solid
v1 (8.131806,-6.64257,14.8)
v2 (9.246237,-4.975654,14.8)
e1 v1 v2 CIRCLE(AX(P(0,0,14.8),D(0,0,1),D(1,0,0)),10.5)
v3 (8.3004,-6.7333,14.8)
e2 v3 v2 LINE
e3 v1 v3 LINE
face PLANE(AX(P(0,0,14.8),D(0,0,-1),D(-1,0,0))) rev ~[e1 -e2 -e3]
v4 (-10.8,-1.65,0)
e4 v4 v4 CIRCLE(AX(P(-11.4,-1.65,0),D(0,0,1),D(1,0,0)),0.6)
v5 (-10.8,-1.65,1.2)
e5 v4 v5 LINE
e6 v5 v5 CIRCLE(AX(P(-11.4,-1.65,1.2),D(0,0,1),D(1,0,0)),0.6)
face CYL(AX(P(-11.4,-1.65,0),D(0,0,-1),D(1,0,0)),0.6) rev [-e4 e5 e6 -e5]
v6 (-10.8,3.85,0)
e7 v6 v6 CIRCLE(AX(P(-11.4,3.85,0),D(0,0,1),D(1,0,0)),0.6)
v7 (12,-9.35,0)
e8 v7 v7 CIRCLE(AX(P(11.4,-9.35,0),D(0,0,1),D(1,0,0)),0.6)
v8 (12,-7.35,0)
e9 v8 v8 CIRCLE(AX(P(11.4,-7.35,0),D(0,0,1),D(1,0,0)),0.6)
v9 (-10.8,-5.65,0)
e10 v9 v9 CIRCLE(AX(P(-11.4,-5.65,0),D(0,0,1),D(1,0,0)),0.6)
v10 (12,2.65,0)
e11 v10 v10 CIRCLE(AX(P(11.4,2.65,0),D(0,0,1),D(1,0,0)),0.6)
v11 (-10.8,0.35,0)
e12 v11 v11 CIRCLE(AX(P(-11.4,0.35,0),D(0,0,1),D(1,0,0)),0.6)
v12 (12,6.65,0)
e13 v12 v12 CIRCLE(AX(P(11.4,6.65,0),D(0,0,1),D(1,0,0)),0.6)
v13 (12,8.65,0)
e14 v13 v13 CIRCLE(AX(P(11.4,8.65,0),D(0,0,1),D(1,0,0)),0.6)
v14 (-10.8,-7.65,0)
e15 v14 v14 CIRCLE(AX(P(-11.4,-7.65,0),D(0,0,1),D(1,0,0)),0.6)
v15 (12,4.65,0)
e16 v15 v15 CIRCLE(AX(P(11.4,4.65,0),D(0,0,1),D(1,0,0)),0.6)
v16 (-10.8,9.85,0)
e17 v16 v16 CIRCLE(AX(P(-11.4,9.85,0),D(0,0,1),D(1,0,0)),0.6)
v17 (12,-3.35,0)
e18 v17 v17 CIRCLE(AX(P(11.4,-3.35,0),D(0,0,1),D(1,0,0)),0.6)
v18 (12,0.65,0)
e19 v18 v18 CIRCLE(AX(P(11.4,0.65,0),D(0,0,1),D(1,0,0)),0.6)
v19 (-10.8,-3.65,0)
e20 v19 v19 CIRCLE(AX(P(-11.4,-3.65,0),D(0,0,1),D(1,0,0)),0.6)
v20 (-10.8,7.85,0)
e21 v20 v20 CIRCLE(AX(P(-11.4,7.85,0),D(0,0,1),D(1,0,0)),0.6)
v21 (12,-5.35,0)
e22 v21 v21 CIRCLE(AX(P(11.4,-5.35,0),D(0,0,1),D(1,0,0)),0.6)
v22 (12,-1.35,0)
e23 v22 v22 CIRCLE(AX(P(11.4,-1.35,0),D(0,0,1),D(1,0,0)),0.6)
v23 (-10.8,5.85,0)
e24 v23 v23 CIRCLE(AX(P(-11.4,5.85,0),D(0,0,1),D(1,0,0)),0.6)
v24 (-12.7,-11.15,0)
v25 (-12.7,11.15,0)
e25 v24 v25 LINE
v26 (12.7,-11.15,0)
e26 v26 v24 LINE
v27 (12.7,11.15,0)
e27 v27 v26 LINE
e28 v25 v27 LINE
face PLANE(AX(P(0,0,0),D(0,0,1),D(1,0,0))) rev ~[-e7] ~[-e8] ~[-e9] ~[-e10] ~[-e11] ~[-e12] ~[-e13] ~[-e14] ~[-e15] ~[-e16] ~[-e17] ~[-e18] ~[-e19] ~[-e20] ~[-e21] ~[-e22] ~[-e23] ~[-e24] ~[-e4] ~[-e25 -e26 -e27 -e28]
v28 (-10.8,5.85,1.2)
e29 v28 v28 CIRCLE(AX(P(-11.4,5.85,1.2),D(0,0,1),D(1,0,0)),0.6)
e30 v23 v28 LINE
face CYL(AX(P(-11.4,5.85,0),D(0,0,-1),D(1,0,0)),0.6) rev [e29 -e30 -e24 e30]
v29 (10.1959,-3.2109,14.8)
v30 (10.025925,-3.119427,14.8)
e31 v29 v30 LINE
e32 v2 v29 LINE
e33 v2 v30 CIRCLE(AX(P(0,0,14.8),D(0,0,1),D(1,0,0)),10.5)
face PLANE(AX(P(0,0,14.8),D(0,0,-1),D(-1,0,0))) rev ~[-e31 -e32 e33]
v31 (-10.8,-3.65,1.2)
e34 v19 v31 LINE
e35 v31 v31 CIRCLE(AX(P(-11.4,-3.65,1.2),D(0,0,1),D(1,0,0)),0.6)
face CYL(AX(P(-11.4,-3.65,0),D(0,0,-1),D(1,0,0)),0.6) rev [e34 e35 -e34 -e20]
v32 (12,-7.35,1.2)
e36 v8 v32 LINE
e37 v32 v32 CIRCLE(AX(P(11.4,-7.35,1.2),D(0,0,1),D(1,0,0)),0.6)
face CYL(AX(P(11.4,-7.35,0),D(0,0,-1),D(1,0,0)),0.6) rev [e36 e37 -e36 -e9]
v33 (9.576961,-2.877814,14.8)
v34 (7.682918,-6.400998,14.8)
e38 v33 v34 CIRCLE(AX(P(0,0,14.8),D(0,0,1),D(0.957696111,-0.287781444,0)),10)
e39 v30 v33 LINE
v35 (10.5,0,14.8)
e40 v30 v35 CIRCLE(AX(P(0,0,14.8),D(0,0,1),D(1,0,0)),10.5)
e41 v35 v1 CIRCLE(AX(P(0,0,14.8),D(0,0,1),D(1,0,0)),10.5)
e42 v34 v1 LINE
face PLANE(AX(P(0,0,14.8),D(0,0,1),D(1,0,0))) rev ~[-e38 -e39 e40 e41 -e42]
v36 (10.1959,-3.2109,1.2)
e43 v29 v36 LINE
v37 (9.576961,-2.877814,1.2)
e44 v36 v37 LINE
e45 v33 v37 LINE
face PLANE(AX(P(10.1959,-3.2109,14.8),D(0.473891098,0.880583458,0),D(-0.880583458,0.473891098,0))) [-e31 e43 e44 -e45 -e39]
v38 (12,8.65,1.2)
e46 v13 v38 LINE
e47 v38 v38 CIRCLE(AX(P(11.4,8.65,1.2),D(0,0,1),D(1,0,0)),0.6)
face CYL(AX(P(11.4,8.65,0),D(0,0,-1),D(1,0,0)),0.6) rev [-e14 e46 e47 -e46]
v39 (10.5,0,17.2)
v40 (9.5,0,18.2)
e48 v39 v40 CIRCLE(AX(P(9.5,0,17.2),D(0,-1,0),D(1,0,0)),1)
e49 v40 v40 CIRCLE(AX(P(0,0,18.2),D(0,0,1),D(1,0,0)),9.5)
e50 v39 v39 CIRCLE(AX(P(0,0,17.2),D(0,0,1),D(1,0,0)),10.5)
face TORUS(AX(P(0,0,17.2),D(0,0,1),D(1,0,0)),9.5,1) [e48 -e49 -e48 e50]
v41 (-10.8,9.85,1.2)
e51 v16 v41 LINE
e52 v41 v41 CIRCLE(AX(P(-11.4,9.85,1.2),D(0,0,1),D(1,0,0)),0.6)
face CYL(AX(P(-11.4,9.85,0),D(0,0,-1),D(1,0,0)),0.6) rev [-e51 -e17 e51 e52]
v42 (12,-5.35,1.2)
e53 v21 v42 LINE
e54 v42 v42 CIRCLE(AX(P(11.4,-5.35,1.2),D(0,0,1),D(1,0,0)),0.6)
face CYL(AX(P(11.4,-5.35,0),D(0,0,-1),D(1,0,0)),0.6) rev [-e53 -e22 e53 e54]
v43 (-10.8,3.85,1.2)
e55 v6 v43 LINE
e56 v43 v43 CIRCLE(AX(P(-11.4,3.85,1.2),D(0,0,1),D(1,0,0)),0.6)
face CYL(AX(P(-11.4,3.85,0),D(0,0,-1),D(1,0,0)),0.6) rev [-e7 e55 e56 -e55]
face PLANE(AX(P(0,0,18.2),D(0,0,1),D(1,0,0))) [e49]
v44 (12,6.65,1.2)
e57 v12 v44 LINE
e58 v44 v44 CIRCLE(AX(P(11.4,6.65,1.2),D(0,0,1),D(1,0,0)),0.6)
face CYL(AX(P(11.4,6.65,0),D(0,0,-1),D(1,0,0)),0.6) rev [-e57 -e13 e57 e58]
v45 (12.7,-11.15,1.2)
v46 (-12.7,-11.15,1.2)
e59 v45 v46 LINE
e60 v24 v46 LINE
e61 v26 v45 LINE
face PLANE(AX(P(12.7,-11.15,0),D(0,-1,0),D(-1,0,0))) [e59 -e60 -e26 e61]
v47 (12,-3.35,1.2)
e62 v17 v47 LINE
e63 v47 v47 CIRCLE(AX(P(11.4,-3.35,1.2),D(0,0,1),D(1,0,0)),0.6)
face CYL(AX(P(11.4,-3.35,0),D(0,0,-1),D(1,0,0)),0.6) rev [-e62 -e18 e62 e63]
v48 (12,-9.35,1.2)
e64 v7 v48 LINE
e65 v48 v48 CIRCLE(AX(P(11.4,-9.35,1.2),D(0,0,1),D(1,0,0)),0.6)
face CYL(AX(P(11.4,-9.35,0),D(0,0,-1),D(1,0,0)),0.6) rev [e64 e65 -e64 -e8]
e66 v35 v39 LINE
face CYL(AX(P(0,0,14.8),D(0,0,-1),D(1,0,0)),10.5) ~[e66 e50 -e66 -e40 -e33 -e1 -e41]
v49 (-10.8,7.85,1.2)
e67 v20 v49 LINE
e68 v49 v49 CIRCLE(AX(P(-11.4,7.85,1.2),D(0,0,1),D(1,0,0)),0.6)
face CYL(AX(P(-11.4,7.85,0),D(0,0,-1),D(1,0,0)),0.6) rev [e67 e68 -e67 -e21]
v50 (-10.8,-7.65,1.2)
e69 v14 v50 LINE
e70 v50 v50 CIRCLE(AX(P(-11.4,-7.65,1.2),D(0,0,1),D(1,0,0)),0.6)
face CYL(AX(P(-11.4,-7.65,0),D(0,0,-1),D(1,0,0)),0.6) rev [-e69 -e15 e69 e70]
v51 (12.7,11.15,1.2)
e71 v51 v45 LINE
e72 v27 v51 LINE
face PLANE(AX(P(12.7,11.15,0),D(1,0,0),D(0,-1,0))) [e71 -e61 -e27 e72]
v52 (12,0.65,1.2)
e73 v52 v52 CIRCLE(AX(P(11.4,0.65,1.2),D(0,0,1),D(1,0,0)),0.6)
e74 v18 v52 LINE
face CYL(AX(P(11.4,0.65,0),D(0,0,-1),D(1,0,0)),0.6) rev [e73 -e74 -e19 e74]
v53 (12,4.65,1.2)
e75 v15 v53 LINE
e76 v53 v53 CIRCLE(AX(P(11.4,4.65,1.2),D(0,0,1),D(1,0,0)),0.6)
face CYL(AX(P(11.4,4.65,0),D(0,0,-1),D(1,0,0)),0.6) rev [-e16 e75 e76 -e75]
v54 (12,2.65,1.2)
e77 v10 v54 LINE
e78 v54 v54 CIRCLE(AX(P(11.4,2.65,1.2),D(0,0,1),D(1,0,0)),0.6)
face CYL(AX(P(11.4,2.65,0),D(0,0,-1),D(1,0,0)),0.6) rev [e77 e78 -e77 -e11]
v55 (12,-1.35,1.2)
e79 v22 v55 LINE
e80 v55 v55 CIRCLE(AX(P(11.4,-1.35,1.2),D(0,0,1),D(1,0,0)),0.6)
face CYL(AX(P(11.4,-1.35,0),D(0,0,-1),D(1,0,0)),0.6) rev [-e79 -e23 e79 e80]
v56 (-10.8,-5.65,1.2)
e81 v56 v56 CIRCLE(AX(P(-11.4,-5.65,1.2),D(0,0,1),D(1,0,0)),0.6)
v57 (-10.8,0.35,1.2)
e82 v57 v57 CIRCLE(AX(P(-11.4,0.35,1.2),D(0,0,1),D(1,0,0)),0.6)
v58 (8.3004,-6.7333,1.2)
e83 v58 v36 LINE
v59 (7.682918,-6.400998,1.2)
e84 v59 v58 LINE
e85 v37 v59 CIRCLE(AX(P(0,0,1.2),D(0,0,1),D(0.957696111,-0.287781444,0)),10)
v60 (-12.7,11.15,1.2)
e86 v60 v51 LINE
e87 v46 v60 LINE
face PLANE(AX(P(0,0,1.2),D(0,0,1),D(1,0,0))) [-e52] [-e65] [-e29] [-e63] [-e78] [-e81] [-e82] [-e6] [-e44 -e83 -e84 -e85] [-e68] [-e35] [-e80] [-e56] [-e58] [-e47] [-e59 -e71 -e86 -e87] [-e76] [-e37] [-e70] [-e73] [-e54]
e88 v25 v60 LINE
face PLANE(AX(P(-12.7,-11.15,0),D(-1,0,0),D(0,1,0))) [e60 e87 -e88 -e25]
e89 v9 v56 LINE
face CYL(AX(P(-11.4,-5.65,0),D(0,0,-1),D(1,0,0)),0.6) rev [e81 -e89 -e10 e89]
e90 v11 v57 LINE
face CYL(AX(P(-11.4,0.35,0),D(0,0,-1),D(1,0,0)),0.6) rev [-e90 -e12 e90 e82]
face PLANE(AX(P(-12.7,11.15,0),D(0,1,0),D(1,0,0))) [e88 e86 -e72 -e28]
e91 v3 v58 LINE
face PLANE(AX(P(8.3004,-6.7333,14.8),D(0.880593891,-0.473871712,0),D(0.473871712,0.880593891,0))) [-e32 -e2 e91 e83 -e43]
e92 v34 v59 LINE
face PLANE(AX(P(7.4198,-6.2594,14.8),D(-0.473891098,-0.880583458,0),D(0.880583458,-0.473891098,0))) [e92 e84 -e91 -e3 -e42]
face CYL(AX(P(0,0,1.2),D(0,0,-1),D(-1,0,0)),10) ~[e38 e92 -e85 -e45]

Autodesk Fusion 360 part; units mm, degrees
sketch "Sketch1" plane through (0, 0, 0) normal (0, 0, 1) x (1, 0, 0)
  line L0 (-12.7, 11.15) -> (12.7, 11.15)
  line L1 (12.7, 11.15) -> (12.7, -11.15)
  line L2 (12.7, -11.15) -> (-12.7, -11.15)
  line L3 (-12.7, -11.15) -> (-12.7, 11.15)
  line L4 (0, 0) -> (0, 28.3109) construction
  line L5 (0, 0) -> (22.2982, 0) construction
  circle A0 centre (11.4, 8.65) radius 0.6
  circle A1 centre (11.4, 6.65) radius 0.6
  circle A2 centre (11.4, 4.65) radius 0.6
  circle A3 centre (11.4, 2.65) radius 0.6
  circle A4 centre (11.4, 0.65) radius 0.6
  circle A5 centre (11.4, -1.35) radius 0.6
  circle A6 centre (11.4, -3.35) radius 0.6
  circle A7 centre (11.4, -5.35) radius 0.6
  circle A8 centre (11.4, -7.35) radius 0.6
  circle A9 centre (11.4, -9.35) radius 0.6
  circle A10 centre (-11.4, 0.35) radius 0.6
  circle A11 centre (-11.4, -1.65) radius 0.6
  circle A12 centre (-11.4, -3.65) radius 0.6
  circle A13 centre (-11.4, -5.65) radius 0.6
  circle A14 centre (-11.4, -7.65) radius 0.6
  circle A15 centre (-11.4, 9.85) radius 0.6
  circle A16 centre (-11.4, 7.85) radius 0.6
  circle A17 centre (-11.4, 5.85) radius 0.6
  circle A18 centre (-11.4, 3.85) radius 0.6
  dimension "d1" = 22.3
  dimension "d2" = 25.4
  dimension "d3" = 2.5
  dimension "d4" = 1.2
  dimension "d5" = 1.3
  dimension "d8" = 0
  dimension "d9" = -18
  dimension "d10" = 1.2
  dimension "d11" = 1.3
  dimension "d12" = 10.8
  dimension "d15" = 0
  dimension "d16" = -8
  dimension "d17" = 1.2
  dimension "d18" = 1.3
  dimension "d19" = 1.3
  dimension "d22" = 0
  dimension "d23" = -6
extrude "Extrude1" add sketch "Sketch1" along normal blind 1.2
sketch "Sketch2" plane through (0, 0, 1.2) normal (0, 0, 1) x (-1, 0, 0)
  circle A0 centre (11.4, 5.65) radius 0.6
  circle A1 centre (-11.4, -8.65) radius 0.6
  circle A2 centre (11.4, -9.85) radius 0.6
  circle A3 centre (11.4, 3.65) radius 0.6
  circle A4 centre (-11.4, -4.65) radius 0.6
  circle A5 centre (-11.4, -6.65) radius 0.6
  circle A6 centre (11.4, 7.65) radius 0.6
  circle A7 centre (11.4, -0.35) radius 0.6
  circle A8 centre (-11.4, 5.35) radius 0.6
  circle A9 centre (-11.4, 7.35) radius 0.6
  circle A10 centre (-11.4, -0.65) radius 0.6
  circle A11 centre (-11.4, 9.35) radius 0.6
  circle A12 centre (-11.4, -2.65) radius 0.6
  circle A13 centre (-11.4, 3.35) radius 0.6
  circle A14 centre (11.4, -7.85) radius 0.6
  circle A15 centre (11.4, -5.85) radius 0.6
  circle A16 centre (11.4, -3.85) radius 0.6
  circle A17 centre (11.4, 1.65) radius 0.6
  circle A18 centre (-11.4, 1.35) radius 0.6
  line L0 (12.7, 11.15) -> (-12.7, 11.15)
  line L1 (-12.7, 11.15) -> (-12.7, -11.15)
  line L2 (-12.7, -11.15) -> (12.7, -11.15)
  line L3 (12.7, -11.15) -> (12.7, 11.15)
  circle A19 centre (0, 0) radius 10
  dimension "d26" = 20
extrude "Extrude2" add sketch "Sketch2" along normal blind 13.6 contours A19
ref_plane "WorkPlane1" through (0, 0, 14.8) normal (0, 0, 1) x (-1, 0, 0)
sketch "Sketch3" plane through (0, 0, 14.8) normal (0, 0, 1) x (1, 0, 0)
  circle A0 centre (0, 0) radius 10.5
  dimension "d30" = 21
extrude "Extrude3" add sketch "Sketch3" along normal blind 3.4
fillet "Fillet1" radius 1 1 edges at (-9.7894, -3.797, 18.2)
sketch "Sketch4" plane through (0, 0, 1.2) normal (0, 0, 1) x (-1, 0, 0)
  circle A0 centre (0, 0) radius 10
  circle A1 centre (11.4, 5.65) radius 0.6
  circle A2 centre (-11.4, -8.65) radius 0.6
  circle A3 centre (11.4, -9.85) radius 0.6
  circle A4 centre (11.4, 3.65) radius 0.6
  circle A5 centre (-11.4, -4.65) radius 0.6
  circle A6 centre (-11.4, -6.65) radius 0.6
  circle A7 centre (11.4, 7.65) radius 0.6
  circle A8 centre (11.4, -0.35) radius 0.6
  circle A9 centre (-11.4, 5.35) radius 0.6
  circle A10 centre (-11.4, 7.35) radius 0.6
  circle A11 centre (-11.4, -0.65) radius 0.6
  circle A12 centre (-11.4, 9.35) radius 0.6
  circle A13 centre (-11.4, -2.65) radius 0.6
  circle A14 centre (-11.4, 3.35) radius 0.6
  circle A15 centre (11.4, -7.85) radius 0.6
  circle A16 centre (11.4, -5.85) radius 0.6
  circle A17 centre (11.4, -3.85) radius 0.6
  circle A18 centre (11.4, 1.65) radius 0.6
  circle A19 centre (-11.4, 1.35) radius 0.6
  line L0 (12.7, 11.15) -> (-12.7, 11.15)
  line L1 (-12.7, 11.15) -> (-12.7, -11.15)
  line L2 (-12.7, -11.15) -> (12.7, -11.15)
  line L3 (12.7, -11.15) -> (12.7, 11.15)
ref_plane "WorkPlane2" through (0, 0, 14.8) normal (0, 0, -1) x (-1, 0, 0)
sketch "Sketch5" plane through (0, 0, 14.8) normal (0, 0, -1) x (-1, 0, 0)
ref_plane "WorkPlane3" through (0, 0, 14.8) normal (0, 0, -1) x (-1, 0, 0)
sketch "Sketch6" plane through (0, 0, 14.8) normal (0, 0, -1) x (-1, 0, 0)
  line L0 (-9.3153, -2.737) -> (-7.4198, -6.2594)
  line L1 (-7.4198, -6.2594) -> (-8.3004, -6.7333)
  line L2 (-8.3004, -6.7333) -> (-10.1959, -3.2109)
  line L3 (-10.1959, -3.2109) -> (-9.3153, -2.737)
  circle A0 centre (0, 0) radius 9.5
  dimension "d37" = 4
  dimension "d38" = 1
  dimension "d39" = 4
extrude "Extrude4" add sketch "Sketch6" along normal blind 13.6 contours L0 L1 L2 L3
sketch "Sketch7" plane through (0, 0, 0) normal (0, 0, -1) x (1, 0, 0)
  circle A0 centre (-11.4, 5.65) radius 0.6
  circle A1 centre (11.4, -8.65) radius 0.6
  circle A2 centre (-11.4, -9.85) radius 0.6
  circle A3 centre (-11.4, 3.65) radius 0.6
  circle A4 centre (11.4, -4.65) radius 0.6
  circle A5 centre (11.4, -6.65) radius 0.6
  circle A6 centre (-11.4, 7.65) radius 0.6
  circle A7 centre (-11.4, -0.35) radius 0.6
  circle A8 centre (11.4, 5.35) radius 0.6
  circle A9 centre (11.4, 7.35) radius 0.6
  circle A10 centre (11.4, -0.65) radius 0.6
  circle A11 centre (11.4, 9.35) radius 0.6
  circle A12 centre (11.4, -2.65) radius 0.6
  circle A13 centre (11.4, 3.35) radius 0.6
  circle A14 centre (-11.4, -7.85) radius 0.6
  circle A15 centre (-11.4, -5.85) radius 0.6
  circle A16 centre (-11.4, -3.85) radius 0.6
  circle A17 centre (-11.4, 1.65) radius 0.6
  circle A18 centre (11.4, 1.35) radius 0.6
  line L0 (12.7, 11.15) -> (-12.7, 11.15)
  line L1 (-12.7, 11.15) -> (-12.7, -11.15)
  line L2 (-12.7, -11.15) -> (12.7, -11.15)
  line L3 (12.7, -11.15) -> (12.7, 11.15)
